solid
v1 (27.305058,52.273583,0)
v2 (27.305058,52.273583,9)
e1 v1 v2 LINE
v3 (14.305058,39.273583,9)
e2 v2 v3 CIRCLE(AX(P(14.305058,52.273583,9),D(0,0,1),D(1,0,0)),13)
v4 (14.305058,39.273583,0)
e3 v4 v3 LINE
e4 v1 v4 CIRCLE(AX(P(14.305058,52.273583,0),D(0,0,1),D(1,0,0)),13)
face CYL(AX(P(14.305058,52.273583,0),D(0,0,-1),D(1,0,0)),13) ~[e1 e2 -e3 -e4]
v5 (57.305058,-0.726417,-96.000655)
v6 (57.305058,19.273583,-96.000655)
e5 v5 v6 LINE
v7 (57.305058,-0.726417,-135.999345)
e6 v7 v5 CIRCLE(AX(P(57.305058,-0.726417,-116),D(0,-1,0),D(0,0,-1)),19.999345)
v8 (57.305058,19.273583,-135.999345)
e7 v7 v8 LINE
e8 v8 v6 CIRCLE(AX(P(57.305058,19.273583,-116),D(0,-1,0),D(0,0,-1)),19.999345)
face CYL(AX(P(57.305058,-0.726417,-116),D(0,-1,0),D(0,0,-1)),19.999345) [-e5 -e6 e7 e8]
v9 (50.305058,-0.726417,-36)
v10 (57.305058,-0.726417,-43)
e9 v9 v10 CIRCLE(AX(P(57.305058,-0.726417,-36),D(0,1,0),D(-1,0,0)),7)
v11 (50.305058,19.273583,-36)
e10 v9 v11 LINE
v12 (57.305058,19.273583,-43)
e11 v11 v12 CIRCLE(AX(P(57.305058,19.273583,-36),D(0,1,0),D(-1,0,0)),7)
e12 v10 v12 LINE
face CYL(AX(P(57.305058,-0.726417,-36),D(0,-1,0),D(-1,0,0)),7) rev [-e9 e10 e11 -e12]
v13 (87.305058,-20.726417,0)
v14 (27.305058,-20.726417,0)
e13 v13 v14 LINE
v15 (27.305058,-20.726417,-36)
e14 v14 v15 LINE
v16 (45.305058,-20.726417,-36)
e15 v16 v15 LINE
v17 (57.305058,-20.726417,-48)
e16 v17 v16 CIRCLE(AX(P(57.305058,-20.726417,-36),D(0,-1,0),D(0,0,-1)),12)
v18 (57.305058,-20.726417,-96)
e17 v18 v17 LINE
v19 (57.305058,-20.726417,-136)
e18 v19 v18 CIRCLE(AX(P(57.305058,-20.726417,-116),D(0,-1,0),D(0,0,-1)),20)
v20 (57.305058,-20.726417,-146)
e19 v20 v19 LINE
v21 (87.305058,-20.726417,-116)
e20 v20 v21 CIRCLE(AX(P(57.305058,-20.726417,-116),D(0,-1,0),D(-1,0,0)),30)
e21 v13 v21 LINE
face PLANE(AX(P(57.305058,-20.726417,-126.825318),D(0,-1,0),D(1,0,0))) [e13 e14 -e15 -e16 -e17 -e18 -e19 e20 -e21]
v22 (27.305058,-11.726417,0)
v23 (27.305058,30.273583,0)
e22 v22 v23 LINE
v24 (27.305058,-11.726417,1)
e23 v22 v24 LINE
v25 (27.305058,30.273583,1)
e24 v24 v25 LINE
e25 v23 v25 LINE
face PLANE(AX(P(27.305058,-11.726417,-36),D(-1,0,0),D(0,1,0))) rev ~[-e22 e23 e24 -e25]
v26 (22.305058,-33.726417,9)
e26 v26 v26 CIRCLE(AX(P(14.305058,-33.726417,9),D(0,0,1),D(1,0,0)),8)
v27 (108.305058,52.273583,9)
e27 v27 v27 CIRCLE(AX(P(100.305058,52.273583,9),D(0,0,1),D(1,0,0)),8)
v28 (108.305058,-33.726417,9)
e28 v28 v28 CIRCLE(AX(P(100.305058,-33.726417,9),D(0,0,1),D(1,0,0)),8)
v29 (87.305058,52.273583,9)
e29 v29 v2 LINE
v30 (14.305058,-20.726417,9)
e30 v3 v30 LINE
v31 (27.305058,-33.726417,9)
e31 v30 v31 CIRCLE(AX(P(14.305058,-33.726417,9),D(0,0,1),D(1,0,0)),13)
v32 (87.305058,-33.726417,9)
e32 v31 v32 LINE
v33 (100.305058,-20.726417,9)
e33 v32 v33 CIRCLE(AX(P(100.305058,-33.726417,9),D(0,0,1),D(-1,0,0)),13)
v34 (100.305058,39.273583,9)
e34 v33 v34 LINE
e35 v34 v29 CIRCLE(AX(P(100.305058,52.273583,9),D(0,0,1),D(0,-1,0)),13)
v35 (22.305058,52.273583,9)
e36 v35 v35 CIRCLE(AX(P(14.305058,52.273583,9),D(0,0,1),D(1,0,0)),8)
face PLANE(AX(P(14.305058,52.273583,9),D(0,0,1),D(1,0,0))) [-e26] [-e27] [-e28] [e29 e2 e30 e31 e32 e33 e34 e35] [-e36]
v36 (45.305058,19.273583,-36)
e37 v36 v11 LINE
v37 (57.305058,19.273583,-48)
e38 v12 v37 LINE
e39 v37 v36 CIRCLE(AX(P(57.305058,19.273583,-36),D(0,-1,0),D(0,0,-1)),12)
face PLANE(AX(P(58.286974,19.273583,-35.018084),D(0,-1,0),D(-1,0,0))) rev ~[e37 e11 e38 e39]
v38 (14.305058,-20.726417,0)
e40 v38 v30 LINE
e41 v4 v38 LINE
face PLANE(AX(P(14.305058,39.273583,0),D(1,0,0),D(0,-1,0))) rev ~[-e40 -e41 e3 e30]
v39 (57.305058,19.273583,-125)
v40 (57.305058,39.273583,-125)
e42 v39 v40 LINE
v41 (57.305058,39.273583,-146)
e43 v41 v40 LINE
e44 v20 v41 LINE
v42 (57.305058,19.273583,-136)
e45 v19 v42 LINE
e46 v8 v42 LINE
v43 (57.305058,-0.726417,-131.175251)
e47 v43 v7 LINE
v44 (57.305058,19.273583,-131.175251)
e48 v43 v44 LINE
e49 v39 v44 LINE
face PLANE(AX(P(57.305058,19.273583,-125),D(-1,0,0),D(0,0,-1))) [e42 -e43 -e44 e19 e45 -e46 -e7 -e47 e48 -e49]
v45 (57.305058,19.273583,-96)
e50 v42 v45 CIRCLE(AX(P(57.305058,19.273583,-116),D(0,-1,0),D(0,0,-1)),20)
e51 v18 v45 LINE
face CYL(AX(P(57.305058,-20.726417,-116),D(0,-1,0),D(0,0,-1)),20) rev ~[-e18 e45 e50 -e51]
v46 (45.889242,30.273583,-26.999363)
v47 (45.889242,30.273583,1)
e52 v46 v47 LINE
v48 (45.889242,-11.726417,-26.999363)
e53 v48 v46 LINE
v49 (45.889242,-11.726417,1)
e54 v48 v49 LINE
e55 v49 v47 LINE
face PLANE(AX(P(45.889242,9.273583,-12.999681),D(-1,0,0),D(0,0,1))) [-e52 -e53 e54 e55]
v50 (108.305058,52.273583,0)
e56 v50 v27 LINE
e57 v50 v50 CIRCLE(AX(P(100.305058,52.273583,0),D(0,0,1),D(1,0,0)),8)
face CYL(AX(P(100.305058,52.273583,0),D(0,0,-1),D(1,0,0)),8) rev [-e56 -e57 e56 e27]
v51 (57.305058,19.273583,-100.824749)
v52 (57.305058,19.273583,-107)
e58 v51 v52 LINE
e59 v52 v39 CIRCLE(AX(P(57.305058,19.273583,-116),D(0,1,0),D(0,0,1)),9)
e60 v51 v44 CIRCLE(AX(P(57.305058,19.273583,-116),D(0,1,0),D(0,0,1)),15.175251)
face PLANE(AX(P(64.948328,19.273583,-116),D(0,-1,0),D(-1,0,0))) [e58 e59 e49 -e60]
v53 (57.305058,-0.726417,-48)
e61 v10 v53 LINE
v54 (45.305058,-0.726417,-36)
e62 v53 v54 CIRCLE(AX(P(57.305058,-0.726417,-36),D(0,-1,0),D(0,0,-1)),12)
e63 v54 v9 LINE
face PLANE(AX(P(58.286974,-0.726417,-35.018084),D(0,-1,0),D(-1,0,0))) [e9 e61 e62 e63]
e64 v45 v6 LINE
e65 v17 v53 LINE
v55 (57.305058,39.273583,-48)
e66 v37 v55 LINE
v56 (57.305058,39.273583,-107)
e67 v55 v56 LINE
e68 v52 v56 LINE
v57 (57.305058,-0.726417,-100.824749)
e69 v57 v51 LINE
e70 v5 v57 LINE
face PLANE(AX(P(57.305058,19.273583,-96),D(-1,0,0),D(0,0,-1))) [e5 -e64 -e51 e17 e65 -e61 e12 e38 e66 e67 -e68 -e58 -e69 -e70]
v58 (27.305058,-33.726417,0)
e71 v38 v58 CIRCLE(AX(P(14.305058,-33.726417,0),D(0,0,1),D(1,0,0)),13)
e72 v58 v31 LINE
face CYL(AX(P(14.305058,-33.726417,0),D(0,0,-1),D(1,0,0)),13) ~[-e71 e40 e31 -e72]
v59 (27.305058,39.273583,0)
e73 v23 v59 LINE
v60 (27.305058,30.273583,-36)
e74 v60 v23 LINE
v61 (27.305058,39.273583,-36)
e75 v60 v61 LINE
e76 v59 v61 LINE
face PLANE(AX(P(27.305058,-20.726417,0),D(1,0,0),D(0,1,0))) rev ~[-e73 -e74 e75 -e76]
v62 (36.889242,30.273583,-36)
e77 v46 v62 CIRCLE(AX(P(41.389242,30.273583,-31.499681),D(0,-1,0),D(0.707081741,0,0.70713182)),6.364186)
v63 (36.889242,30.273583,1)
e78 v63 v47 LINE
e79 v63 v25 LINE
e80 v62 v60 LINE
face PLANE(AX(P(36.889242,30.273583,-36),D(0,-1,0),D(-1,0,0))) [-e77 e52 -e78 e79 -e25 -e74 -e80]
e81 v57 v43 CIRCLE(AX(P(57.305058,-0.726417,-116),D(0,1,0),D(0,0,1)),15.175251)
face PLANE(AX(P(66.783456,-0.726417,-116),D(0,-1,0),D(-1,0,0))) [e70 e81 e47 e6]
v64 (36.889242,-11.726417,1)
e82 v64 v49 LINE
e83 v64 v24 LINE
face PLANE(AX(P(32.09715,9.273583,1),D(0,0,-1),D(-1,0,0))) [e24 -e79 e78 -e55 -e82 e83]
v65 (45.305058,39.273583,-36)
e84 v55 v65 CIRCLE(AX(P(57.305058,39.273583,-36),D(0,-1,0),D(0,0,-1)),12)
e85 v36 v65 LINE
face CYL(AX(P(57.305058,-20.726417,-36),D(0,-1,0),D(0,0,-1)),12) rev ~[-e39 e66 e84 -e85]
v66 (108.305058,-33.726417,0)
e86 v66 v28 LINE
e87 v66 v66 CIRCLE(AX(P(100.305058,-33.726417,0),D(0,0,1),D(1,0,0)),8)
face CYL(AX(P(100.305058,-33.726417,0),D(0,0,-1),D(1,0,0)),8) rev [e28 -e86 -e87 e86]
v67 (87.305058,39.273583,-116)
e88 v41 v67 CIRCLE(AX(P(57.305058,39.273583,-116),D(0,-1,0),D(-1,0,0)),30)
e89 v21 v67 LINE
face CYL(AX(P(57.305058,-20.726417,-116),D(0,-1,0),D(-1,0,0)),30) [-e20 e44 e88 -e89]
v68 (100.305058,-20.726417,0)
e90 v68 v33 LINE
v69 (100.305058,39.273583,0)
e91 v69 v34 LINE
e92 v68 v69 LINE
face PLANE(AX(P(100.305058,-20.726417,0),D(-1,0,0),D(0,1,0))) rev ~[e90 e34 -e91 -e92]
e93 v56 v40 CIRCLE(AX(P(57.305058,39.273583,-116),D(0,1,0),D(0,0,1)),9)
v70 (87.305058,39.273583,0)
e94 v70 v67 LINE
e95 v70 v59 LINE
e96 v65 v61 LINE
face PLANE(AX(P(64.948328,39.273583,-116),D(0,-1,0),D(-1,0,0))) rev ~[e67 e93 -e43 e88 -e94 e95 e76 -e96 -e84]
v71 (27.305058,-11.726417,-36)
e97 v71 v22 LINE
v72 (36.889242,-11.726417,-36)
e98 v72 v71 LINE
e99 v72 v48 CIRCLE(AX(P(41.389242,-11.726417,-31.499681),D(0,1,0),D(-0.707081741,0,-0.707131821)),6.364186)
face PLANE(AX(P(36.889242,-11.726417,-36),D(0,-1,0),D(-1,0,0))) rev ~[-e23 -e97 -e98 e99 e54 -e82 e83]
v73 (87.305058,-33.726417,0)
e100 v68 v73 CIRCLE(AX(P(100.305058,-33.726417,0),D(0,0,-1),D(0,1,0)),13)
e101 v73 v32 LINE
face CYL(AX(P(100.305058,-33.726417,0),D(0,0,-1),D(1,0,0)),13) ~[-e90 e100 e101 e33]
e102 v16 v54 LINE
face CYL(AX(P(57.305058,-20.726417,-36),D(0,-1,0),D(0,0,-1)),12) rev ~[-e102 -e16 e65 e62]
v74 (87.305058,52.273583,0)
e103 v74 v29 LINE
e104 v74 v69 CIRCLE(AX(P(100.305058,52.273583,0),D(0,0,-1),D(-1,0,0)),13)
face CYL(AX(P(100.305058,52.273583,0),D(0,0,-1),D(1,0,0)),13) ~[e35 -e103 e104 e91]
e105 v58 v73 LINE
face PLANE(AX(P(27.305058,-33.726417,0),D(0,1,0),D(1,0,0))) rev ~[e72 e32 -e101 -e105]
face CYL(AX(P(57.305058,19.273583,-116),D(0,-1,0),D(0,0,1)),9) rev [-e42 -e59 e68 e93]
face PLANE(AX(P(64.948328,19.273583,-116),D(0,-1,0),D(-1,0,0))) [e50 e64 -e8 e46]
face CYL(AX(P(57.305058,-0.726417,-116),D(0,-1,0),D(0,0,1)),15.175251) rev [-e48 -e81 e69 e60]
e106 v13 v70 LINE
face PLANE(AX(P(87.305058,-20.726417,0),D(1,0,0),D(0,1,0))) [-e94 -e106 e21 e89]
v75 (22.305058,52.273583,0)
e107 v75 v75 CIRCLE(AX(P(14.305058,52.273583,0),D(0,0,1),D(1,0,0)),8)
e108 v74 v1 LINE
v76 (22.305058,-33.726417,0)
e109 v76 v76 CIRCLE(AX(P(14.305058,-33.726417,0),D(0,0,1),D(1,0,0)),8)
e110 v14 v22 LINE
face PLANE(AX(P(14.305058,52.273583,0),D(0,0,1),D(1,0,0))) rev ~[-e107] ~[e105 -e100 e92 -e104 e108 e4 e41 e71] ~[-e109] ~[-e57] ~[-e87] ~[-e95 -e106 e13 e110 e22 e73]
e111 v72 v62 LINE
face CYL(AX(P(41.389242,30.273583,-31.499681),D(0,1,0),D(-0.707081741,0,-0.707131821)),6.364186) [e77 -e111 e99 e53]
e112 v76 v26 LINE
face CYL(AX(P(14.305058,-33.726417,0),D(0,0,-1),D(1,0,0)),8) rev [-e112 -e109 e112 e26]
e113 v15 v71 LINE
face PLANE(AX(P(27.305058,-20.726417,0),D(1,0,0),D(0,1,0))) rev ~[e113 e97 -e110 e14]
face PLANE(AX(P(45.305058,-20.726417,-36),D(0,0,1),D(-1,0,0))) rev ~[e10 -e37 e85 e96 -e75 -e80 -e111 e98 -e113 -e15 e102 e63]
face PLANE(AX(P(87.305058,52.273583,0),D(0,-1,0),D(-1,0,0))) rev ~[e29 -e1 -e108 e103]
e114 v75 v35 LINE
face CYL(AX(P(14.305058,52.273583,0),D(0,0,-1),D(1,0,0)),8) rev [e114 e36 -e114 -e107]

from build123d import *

# Parameters (mm, degrees)
IZIM1_R                     = 13
IZIM1_R_2                   = 8
Y_KSEKLIK_EKSTR_ZYON2_DEPTH = 9
IZIM2_W                     = 60
IZIM2_H                     = 60
Y_KSEKLIK_EKSTR_ZYON3_DEPTH = 116
Y_KSEKLIK_EKSTR_ZYON4_DEPTH = 60
IZIM4_R                     = 20
KES_EKSTR_ZYON2_DEPTH       = 220
IZIM5_R                     = 12
KES_EKSTR_ZYON3_DEPTH       = 220
KES_EKSTR_ZYON4_DEPTH       = 220
Y_KSEKLIK_EKSTR_ZYON6_DEPTH = 20
Y_KSEKLIK_EKSTR_ZYON7_DEPTH = 20
Y_KSEKLIK_EKSTR_ZYON8_DEPTH = 20
IZIM12_W                    = 9.584184826
IZIM12_H                    = 42
KES_EKSTR_ZYON5_DEPTH       = 37
IZIM13_W                    = 27.999362569
IZIM13_H                    = 42
KES_EKSTR_ZYON6_DEPTH       = 9
Y_KSEKLIK_EKSTR_ZYON9_DEPTH = 44


with BuildPart() as part:
    # Çizim1 → Yükseklik-Ekstrüzyon2 (new body)
    # profile 1 of 5: a face of its own
    with BuildSketch(Plane.XY):
        with Locations((14.305057501, -33.726417094)):
            Circle(IZIM1_R)
        with Locations((14.305057501, -33.726417094)):
            Circle(IZIM1_R_2, mode=Mode.SUBTRACT)
    # profile 2 of 5: a face of its own
    with BuildSketch(Plane.XY):
        with BuildLine():
            ThreePointArc((14.305057501, -20.726417094), (23.497445657, -24.534028939), (27.305057501, -33.726417094))
            Line((27.305057501, -33.726417094), (87.305057501, -33.726417094))
            ThreePointArc((87.305057501, -33.726417094), (91.112669346, -24.534028939), (100.305057501, -20.726417094))
            Line((100.305057501, -20.726417094), (100.305057501, 39.273582906))
            ThreePointArc((100.305057501, 39.273582906), (91.112669346, 43.08119475), (87.305057501, 52.273582906))
            Line((87.305057501, 52.273582906), (27.305057501, 52.273582906))
            ThreePointArc((27.305057501, 52.273582906), (23.497445657, 43.08119475), (14.305057501, 39.273582906))
            Line((14.305057501, 39.273582906), (14.305057501, -20.726417094))
        make_face()
    # profile 3 of 5: a face of its own
    with BuildSketch(Plane.XY):
        with Locations((100.305057501, -33.726417094)):
            Circle(IZIM1_R)
        with Locations((100.305057501, -33.726417094)):
            Circle(IZIM1_R_2, mode=Mode.SUBTRACT)
    # profile 4 of 5: a face of its own
    with BuildSketch(Plane.XY):
        with Locations((100.305057501, 52.273582906)):
            Circle(IZIM1_R)
        with Locations((100.305057501, 52.273582906)):
            Circle(IZIM1_R_2, mode=Mode.SUBTRACT)
    # profile 5 of 5: a face of its own
    with BuildSketch(Plane.XY):
        with Locations((14.305057501, 52.273582906)):
            Circle(IZIM1_R)
        with Locations((14.305057501, 52.273582906)):
            Circle(IZIM1_R_2, mode=Mode.SUBTRACT)
    extrude(amount=Y_KSEKLIK_EKSTR_ZYON2_DEPTH)

    # Çizim2 → Yükseklik-Ekstrüzyon3 (add)
    with BuildSketch(Plane(origin=(0, 0, 0), x_dir=(-1, 0, 0), z_dir=(0, 0, -1))):
        with Locations((-57.305057501, 9.273582906)):
            Rectangle(IZIM2_W, IZIM2_H)
    extrude(amount=Y_KSEKLIK_EKSTR_ZYON3_DEPTH)

    # Çizim3 → Yükseklik-Ekstrüzyon4 (add)
    with BuildSketch(Plane.XZ.offset(20.726417094)):
        with BuildLine():
            ThreePointArc((27.305057501, -116), (57.305057501, -146), (87.305057501, -116))
            Line((87.305057501, -116), (67.305057501, -116))
            ThreePointArc((67.305057501, -116), (57.305057501, -126), (47.305057501, -116))
            Line((47.305057501, -116), (27.305057501, -116))
        make_face()
    extrude(amount=-Y_KSEKLIK_EKSTR_ZYON4_DEPTH)

    # Çizim4 → Kes-Ekstrüzyon2 (cut)
    with BuildSketch(Plane.XZ.offset(20.726417094)):
        with Locations(Location((57.305057501, -116, 0), (0, 0, 270))):
            Circle(IZIM4_R)
    extrude(amount=-KES_EKSTR_ZYON2_DEPTH, mode=Mode.SUBTRACT)

    # Çizim5 → Kes-Ekstrüzyon3 (cut)
    with BuildSketch(Plane.XZ.offset(20.726417094)):
        with Locations(Location((57.305057501, -36, 0), (0, 0, 270))):
            Circle(IZIM5_R)
    extrude(amount=-KES_EKSTR_ZYON3_DEPTH, mode=Mode.SUBTRACT)

    # Çizim6 → Kes-Ekstrüzyon4 (cut)
    with BuildSketch(Plane(origin=(0, -20.726417094, 0), x_dir=(-1, 0, 0), z_dir=(0, -1, 0))):
        with BuildLine():
            ThreePointArc((-27.305057501, 116), (-36.091854066, 137.213203436), (-57.305057501, 146))
            Line((-57.305057501, 146), (-57.305057501, 136))
            ThreePointArc((-57.305057501, 136), (-43.162921878, 130.142135624), (-37.305057501, 116))
            ThreePointArc((-37.305057501, 116), (-43.162921878, 101.857864376), (-57.305057501, 96))
            Line((-57.305057501, 96), (-57.305057501, 48))
            ThreePointArc((-57.305057501, 48), (-48.819776127, 44.485281374), (-45.305057501, 36))
            Line((-45.305057501, 36), (-27.305057501, 36))
            Line((-27.305057501, 36), (-27.305057501, 116))
        make_face()
    extrude(amount=-KES_EKSTR_ZYON4_DEPTH, mode=Mode.SUBTRACT)



with BuildPart() as body_2:
    # Çizim7 → Yükseklik-Ekstrüzyon6 (new body)
    with BuildSketch(Plane(origin=(0, -0.726417094, 0), x_dir=(-1, 0, 0), z_dir=(0, -1, 0))):
        with BuildLine():
            Line((-57.305057501, 131.175251222), (-57.305057501, 135.999344695))
            ThreePointArc((-57.305057501, 135.999344695), (-77.304402197, 116), (-57.305057501, 96.000655305))
            Line((-57.305057501, 96.000655305), (-57.305057501, 100.824748778))
            ThreePointArc((-57.305057501, 100.824748778), (-72.480308724, 116), (-57.305057501, 131.175251222))
        make_face()
    extrude(amount=-Y_KSEKLIK_EKSTR_ZYON6_DEPTH)


with BuildPart() as part_1:
    add(part.part)

    add(body_2.part)  # Yükseklik-Ekstrüzyon7 merges body 2
    # Çizim10 → Yükseklik-Ekstrüzyon7 (add)
    with BuildSketch(Plane(origin=(0, 19.273582906, 0), x_dir=(-1, 0, 0), z_dir=(0, -1, 0))):
        with BuildLine():
            Line((-57.305057501, 96), (-57.305057501, 107))
            ThreePointArc((-57.305057501, 107), (-66.305057501, 116), (-57.305057501, 125))
            Line((-57.305057501, 125), (-57.305057501, 136))
            ThreePointArc((-57.305057501, 136), (-77.305057501, 116), (-57.305057501, 96))
        make_face()
    extrude(amount=-Y_KSEKLIK_EKSTR_ZYON7_DEPTH)

    # Çizim11 → Yükseklik-Ekstrüzyon8 (add)
    with BuildSketch(Plane(origin=(0, -0.726417094, 0), x_dir=(-1, 0, 0), z_dir=(0, -1, 0))):
        with BuildLine():
            Line((-57.305057501, 43), (-57.305057501, 48))
            ThreePointArc((-57.305057501, 48), (-65.790338876, 27.514718626), (-45.305057501, 36))
            Line((-45.305057501, 36), (-50.305057501, 36))
            ThreePointArc((-50.305057501, 36), (-62.25480497, 31.050252532), (-57.305057501, 43))
        make_face()
    extrude(amount=-Y_KSEKLIK_EKSTR_ZYON8_DEPTH)

    # Çizim12 → Kes-Ekstrüzyon5 (cut)
    with BuildSketch(Plane(origin=(0, 0, -36), x_dir=(-1, 0, 0), z_dir=(0, 0, -1))):
        with Locations((-32.097149914, 9.273582906)):
            Rectangle(IZIM12_W, IZIM12_H)
    extrude(amount=-KES_EKSTR_ZYON5_DEPTH, mode=Mode.SUBTRACT)

    # Çizim13 → Kes-Ekstrüzyon6 (cut)
    with BuildSketch(Plane.ZY.offset(-36.889242327)):
        with Locations((-12.999681285, 9.273582906)):
            Rectangle(IZIM13_W, IZIM13_H)
    extrude(amount=-KES_EKSTR_ZYON6_DEPTH, mode=Mode.SUBTRACT)

    # Çizim15 → Yükseklik-Ekstrüzyon9 (add)
    with BuildSketch(Plane.XZ.offset(-30.273582906)):
        with BuildLine():
            Line((45.889242327, -26.999362569), (36.889242327, -36))
            ThreePointArc((36.889242327, -36), (36.888923612, -26.999681284), (45.889242327, -26.999362569))
        make_face()
    extrude(amount=Y_KSEKLIK_EKSTR_ZYON9_DEPTH)


solid = part_1.part
